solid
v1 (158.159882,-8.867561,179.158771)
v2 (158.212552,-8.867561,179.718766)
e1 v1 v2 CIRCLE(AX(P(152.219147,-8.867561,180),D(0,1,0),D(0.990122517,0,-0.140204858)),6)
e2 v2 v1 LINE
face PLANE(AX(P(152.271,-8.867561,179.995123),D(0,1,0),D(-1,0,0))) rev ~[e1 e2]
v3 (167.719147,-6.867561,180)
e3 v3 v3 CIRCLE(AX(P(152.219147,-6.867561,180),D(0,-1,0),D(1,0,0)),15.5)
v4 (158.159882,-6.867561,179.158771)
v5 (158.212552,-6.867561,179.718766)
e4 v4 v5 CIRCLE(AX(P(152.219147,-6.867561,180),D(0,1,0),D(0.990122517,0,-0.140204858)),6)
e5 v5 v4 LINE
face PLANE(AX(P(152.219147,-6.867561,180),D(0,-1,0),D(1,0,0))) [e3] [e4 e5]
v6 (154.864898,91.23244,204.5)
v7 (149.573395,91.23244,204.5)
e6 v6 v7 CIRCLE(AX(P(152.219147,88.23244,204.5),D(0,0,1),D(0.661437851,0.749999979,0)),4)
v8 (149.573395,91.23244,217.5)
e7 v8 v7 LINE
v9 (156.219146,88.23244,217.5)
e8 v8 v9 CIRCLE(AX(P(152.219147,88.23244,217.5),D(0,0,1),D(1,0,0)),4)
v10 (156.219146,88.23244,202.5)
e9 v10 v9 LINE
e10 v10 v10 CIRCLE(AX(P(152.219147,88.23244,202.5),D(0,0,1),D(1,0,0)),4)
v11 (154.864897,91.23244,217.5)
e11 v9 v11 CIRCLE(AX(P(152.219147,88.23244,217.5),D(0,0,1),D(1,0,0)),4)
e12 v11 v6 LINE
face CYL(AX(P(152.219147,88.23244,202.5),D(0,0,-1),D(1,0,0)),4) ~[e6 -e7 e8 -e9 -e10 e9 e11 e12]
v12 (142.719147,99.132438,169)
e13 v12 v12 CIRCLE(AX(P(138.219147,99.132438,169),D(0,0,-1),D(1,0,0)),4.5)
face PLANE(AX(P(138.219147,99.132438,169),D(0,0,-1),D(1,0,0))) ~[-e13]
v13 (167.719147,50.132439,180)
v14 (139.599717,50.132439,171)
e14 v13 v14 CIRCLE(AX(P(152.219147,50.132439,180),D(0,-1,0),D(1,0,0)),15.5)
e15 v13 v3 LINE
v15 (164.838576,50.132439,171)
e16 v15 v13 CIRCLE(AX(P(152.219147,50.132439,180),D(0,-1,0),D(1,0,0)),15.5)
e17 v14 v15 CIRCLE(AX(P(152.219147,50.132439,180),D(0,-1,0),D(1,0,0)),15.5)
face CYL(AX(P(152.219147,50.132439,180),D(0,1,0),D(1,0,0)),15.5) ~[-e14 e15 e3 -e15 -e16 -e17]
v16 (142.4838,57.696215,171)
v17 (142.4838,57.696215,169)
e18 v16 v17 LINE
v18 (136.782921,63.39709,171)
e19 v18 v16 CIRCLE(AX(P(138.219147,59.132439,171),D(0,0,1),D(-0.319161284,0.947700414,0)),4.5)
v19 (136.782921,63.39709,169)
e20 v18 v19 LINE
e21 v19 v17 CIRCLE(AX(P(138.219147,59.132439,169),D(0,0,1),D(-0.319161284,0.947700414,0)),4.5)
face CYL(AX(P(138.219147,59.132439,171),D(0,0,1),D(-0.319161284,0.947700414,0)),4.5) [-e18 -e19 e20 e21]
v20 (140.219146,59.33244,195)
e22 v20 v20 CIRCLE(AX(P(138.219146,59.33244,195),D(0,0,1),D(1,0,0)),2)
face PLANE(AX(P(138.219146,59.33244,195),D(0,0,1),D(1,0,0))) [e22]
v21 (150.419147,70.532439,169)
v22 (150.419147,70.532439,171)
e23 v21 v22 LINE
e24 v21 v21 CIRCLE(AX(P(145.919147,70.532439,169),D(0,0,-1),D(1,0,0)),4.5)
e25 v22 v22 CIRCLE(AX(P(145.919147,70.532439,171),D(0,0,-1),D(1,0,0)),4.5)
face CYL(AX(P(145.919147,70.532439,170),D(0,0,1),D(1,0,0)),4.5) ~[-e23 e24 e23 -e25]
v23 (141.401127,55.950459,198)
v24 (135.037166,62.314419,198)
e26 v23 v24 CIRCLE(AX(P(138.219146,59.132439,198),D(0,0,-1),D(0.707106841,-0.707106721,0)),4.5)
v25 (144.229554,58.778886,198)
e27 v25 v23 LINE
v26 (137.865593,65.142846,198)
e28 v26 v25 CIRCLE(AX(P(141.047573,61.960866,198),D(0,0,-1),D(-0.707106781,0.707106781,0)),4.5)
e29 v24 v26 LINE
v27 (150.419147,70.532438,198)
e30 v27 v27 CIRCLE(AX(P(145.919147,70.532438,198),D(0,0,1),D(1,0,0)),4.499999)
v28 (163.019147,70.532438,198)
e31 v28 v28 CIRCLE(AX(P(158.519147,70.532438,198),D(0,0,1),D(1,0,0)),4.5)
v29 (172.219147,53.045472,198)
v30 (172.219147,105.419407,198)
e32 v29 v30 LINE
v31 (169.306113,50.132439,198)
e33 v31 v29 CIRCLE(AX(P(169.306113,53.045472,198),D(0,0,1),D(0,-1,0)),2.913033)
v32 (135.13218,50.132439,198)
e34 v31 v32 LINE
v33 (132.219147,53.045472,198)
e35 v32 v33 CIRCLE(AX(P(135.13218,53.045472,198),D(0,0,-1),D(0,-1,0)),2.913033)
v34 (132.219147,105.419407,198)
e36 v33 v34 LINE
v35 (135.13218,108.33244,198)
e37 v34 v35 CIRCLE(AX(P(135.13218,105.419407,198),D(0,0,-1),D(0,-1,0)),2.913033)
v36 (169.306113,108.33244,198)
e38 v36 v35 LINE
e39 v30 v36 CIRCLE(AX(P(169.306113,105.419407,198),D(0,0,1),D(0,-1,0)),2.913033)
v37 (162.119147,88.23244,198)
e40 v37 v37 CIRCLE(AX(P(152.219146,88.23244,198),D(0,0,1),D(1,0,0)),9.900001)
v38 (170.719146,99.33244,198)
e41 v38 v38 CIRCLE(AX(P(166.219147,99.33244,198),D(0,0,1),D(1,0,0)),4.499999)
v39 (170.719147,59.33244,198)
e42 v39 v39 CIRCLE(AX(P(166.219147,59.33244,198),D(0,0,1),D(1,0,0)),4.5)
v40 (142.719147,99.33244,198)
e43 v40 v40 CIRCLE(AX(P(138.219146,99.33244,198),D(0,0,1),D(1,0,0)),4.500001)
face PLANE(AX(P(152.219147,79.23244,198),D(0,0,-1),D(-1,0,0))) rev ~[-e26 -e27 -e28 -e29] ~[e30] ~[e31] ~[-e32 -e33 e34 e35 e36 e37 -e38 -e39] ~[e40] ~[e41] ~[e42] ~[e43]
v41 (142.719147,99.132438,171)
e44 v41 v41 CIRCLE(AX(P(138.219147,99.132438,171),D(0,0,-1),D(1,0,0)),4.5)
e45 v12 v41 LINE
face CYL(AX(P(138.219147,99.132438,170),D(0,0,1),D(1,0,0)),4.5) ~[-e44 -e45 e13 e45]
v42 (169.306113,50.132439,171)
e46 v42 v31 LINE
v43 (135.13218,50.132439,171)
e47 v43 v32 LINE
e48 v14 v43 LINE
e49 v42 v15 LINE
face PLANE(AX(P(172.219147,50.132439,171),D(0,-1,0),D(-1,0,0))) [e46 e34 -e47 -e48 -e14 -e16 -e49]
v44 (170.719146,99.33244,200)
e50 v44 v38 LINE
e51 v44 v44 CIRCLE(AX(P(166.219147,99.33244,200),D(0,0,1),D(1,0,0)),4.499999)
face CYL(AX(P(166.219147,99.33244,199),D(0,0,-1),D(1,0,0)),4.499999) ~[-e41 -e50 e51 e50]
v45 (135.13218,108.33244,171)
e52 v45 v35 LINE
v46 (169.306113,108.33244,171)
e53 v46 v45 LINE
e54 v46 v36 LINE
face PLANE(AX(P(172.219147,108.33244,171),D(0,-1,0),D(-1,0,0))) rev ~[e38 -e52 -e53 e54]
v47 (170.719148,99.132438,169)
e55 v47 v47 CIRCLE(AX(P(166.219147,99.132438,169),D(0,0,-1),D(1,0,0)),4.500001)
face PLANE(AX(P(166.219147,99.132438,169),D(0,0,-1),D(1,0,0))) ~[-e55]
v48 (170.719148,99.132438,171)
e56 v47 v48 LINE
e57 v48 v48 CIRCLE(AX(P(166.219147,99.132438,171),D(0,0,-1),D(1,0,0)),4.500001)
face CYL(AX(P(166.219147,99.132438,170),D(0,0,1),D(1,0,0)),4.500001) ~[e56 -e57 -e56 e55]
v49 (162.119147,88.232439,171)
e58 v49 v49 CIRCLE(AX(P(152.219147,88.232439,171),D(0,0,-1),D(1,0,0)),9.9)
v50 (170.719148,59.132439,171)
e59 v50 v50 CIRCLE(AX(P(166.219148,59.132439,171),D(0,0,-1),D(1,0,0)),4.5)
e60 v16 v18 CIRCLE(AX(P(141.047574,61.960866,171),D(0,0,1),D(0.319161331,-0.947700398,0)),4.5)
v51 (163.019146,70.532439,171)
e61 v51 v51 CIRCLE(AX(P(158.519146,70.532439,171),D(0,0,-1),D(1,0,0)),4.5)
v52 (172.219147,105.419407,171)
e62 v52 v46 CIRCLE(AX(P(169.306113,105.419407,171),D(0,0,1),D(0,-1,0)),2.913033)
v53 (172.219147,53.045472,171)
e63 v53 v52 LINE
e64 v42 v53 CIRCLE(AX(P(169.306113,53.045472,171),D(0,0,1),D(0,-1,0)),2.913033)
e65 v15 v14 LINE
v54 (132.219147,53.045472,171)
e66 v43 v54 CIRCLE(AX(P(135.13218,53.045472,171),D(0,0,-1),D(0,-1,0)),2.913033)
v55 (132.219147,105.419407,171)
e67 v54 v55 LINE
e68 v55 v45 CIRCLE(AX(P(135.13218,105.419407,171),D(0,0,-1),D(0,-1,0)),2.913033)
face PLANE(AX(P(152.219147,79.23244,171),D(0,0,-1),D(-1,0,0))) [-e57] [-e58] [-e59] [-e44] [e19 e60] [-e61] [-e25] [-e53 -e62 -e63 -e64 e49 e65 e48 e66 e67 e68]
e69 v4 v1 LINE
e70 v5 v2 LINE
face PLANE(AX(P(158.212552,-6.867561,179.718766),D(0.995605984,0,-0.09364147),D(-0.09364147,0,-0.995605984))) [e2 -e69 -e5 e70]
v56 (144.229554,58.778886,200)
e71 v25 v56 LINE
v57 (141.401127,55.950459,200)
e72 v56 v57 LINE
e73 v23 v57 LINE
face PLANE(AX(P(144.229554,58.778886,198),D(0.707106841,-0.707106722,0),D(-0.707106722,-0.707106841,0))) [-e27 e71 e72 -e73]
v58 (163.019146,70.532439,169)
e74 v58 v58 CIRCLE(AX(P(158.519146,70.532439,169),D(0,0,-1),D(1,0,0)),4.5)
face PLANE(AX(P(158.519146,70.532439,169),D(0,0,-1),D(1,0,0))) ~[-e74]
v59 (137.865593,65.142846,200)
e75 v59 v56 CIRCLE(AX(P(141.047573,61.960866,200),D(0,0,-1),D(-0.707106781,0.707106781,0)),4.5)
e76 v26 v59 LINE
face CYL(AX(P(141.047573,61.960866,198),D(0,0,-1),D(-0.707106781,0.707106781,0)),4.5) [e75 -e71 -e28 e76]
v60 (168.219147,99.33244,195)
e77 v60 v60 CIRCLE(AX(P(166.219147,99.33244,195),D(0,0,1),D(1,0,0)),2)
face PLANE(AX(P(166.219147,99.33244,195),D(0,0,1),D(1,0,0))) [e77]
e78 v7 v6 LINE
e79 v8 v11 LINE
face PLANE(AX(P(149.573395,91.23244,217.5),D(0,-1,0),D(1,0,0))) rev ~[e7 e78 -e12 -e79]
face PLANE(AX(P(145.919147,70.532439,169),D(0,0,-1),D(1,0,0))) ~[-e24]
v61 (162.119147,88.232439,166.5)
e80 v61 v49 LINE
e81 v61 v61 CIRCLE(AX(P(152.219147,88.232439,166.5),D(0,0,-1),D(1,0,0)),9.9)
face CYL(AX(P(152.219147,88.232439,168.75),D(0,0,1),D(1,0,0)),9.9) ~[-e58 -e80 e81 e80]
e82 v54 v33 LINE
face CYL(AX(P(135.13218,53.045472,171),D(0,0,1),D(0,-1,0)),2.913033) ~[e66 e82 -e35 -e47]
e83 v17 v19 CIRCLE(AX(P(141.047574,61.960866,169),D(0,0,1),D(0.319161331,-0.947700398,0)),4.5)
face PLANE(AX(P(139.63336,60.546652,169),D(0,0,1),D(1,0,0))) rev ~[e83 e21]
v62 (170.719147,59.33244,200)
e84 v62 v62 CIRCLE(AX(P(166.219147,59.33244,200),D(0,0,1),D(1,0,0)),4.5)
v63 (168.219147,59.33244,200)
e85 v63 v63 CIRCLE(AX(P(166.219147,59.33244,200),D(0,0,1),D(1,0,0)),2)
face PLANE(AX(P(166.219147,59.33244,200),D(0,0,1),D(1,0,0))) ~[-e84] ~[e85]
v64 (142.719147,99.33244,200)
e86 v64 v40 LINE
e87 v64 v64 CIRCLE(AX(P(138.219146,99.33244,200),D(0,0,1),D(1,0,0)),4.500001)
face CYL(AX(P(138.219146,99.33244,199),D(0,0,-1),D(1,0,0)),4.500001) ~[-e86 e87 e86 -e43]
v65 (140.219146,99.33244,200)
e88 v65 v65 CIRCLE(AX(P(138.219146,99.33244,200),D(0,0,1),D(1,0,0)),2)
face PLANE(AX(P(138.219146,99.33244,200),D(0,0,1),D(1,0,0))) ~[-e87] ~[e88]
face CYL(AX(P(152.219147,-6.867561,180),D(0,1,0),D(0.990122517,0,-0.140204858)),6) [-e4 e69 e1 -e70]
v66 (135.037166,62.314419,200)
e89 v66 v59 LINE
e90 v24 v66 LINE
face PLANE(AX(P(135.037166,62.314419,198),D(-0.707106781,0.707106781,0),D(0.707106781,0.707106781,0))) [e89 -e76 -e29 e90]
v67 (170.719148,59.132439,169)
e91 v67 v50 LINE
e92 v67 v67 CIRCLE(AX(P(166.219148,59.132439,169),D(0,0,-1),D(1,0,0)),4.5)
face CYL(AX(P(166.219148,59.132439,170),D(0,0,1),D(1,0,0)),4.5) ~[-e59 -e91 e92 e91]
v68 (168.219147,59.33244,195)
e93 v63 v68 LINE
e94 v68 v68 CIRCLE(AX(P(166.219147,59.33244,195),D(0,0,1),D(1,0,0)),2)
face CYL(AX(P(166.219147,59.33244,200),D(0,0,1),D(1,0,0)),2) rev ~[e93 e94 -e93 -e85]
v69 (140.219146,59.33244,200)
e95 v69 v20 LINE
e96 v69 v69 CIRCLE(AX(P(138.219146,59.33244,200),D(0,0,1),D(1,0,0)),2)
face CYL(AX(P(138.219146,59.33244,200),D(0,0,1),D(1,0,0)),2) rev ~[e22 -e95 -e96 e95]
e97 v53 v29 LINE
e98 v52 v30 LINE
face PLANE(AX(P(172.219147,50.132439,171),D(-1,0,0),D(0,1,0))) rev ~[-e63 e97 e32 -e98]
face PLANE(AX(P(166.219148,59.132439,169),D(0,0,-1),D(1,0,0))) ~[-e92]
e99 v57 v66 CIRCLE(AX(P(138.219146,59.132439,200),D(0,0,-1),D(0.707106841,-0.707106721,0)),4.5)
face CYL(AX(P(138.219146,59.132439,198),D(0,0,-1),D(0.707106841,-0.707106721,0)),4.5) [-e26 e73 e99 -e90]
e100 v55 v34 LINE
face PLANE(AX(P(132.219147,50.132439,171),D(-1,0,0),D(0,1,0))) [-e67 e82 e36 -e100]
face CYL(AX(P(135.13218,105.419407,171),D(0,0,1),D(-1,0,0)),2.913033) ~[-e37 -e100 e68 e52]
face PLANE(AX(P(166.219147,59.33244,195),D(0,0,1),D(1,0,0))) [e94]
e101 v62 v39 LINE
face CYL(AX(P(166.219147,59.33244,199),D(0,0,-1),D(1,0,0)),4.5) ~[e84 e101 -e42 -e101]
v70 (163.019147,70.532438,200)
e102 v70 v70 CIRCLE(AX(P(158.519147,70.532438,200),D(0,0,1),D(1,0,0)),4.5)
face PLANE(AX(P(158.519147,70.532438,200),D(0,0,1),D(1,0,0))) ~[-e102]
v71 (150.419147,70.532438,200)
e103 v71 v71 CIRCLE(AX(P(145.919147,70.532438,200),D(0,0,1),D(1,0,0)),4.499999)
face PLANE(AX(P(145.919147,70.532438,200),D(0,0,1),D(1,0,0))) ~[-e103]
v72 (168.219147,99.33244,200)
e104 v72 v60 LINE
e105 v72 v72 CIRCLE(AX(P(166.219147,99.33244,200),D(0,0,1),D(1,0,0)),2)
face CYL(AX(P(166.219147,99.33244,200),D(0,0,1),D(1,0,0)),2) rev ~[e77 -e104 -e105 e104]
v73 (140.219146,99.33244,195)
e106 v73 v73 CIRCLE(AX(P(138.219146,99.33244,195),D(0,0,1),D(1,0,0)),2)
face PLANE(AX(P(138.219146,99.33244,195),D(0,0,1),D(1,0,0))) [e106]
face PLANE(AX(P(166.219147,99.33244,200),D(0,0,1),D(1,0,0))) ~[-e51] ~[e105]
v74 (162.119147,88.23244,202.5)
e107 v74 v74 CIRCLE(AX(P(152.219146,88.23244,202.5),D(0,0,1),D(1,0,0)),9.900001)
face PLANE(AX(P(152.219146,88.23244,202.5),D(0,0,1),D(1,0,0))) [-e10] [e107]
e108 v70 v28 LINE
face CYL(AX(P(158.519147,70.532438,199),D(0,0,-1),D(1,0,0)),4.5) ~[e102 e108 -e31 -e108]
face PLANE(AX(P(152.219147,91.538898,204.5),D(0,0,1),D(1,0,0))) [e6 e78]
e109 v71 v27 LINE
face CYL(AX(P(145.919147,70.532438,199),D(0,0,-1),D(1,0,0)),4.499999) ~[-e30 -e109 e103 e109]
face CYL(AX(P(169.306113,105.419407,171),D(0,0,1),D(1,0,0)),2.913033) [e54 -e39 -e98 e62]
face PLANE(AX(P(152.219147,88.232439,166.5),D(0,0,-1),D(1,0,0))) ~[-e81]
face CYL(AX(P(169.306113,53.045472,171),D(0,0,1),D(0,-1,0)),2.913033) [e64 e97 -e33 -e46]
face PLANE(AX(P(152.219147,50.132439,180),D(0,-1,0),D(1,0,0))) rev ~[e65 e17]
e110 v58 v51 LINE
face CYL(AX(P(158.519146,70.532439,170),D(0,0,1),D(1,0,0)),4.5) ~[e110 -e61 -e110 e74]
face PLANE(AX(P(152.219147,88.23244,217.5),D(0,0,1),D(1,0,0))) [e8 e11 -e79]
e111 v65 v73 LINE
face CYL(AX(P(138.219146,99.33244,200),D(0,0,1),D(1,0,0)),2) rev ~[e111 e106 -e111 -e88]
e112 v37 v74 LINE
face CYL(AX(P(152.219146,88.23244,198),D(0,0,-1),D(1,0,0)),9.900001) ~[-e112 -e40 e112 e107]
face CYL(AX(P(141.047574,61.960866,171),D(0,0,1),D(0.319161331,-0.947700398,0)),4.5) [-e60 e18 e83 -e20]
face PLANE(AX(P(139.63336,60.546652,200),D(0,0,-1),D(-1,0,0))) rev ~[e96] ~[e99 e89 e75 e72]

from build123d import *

# Parameters (mm, degrees)
SKETCH1_W           = 40
SKETCH1_H           = 58.200000762
BOSS_EXTRUDE1_DEPTH = 27
SKETCH2_R           = 15.499999921
BOSS_EXTRUDE2_DEPTH = 57
SKETCH3_R           = 9.900000829
BOSS_EXTRUDE3_DEPTH = 4.5
SKETCH4_R           = 3.999999654
BOSS_EXTRUDE4_DEPTH = 15
CUT_EXTRUDE1_DEPTH  = 13
BOSS_EXTRUDE5_DEPTH = 2
BOSS_EXTRUDE6_DEPTH = 2
BOSS_EXTRUDE7_DEPTH = 2
SKETCH9_W           = 4.500000339
SKETCH9_H           = 2
SKETCH10_W          = 4.500000226
SKETCH10_H          = 2
SKETCH11_W          = 4.499999816
SKETCH11_H          = 2
SKETCH12_W          = 4.500000657
SKETCH12_H          = 2
SKETCH13_W          = 4.49999985
SKETCH13_H          = 2
SKETCH14_W          = 9.899999781
SKETCH14_H          = 4.5
SKETCH15_W          = 4.500000004
SKETCH15_H          = 2
SKETCH16_W          = 4.49999905
SKETCH16_H          = 2
SKETCH17_W          = 4.499999637
SKETCH17_H          = 2
SKETCH18_W          = 4.500001132
SKETCH18_H          = 2
SKETCH19_W          = 4.499999489
SKETCH19_H          = 2
FILLET1_R           = 2.913033302
SKETCH20_R          = 2
CUT_EXTRUDE2_DEPTH  = 5


with BuildPart() as part:
    # Sketch1 → Boss-Extrude1 (new body)
    with BuildSketch(Plane(origin=(0, 0, 171), x_dir=(-1, 0, 0), z_dir=(0, 0, -1))):
        with Locations((-152.219146729, 79.232439518)):
            Rectangle(SKETCH1_W, SKETCH1_H)
    extrude(amount=-BOSS_EXTRUDE1_DEPTH)

    # Sketch2 → Boss-Extrude2 (add)
    with BuildSketch(Plane.XZ.offset(-50.132439137)):
        with Locations((152.219146662, 180.000000025)):
            Circle(SKETCH2_R)
    extrude(amount=BOSS_EXTRUDE2_DEPTH)

    # Sketch3 → Boss-Extrude3 (add)
    with BuildSketch(Plane.XY.offset(198)):
        with Locations((152.21914569, 88.232439899)):
            Circle(SKETCH3_R)
    extrude(amount=BOSS_EXTRUDE3_DEPTH)

    # Sketch4 → Boss-Extrude4 (add)
    with BuildSketch(Plane.XY.offset(202.5)):
        with Locations((152.219146674, 88.232439899)):
            Circle(SKETCH4_R)
    extrude(amount=BOSS_EXTRUDE4_DEPTH)

    # Sketch5 → Cut-Extrude1 (cut)
    with BuildSketch(Plane.XY.offset(217.5)):
        with BuildLine():
            Line((149.573395252, 91.232439899), (154.864898205, 91.232439899))
            ThreePointArc((154.864898205, 91.232439899), (152.219146729, 92.232440009), (149.573395252, 91.232439899))
        make_face()
    extrude(amount=-CUT_EXTRUDE1_DEPTH, mode=Mode.SUBTRACT)

    # Sketch6 → Boss-Extrude5 (add)
    with BuildSketch(Plane.XY.offset(198)):
        with BuildLine():
            Line((135.03716583, 62.314419458), (137.865592743, 65.142846371))
            ThreePointArc((137.865592743, 65.142846371), (144.229553368, 65.142846505), (144.22955377, 58.778885881))
            Line((144.22955377, 58.778885881), (141.401127095, 55.95045873))
            ThreePointArc((141.401127095, 55.95045873), (135.037165964, 55.950458327), (135.03716583, 62.314419458))
        make_face()
    extrude(amount=BOSS_EXTRUDE5_DEPTH)

    # Sketch7 → Boss-Extrude6 (add)
    with BuildSketch(Plane(origin=(0, 0, 171), x_dir=(-1, 0, 0), z_dir=(0, 0, -1))):
        with BuildLine():
            ThreePointArc((-142.483799553, 57.696214596), (-144.229553379, 65.142847459), (-136.782921252, 63.397090493))
            ThreePointArc((-136.782921252, 63.397090493), (-135.037167167, 55.950457372), (-142.483799553, 57.696214596))
        make_face()
    extrude(amount=BOSS_EXTRUDE6_DEPTH)

    # Sketch8 → Boss-Extrude7 (add)
    with BuildSketch(Plane.XZ.offset(6.867560863)):
        with BuildLine():
            Line((158.212552085, 179.71876642), (158.159881829, 179.158770706))
            ThreePointArc((158.159881829, 179.158770706), (146.245510806, 180.561848666), (158.212552085, 179.71876642))
        make_face()
    extrude(amount=BOSS_EXTRUDE7_DEPTH)

    # Sketch9 → Revolve1 (revolve)
    with BuildSketch(Plane.XZ.offset(-59.132439085)):
        with Locations((168.469147961, 170)):
            Rectangle(SKETCH9_W, SKETCH9_H)
    revolve(axis=Axis((166.219147791, 59.132439085, 171), (0, 0, -1)))

    # Sketch10 → Revolve2 (revolve)
    with BuildSketch(Plane.XZ.offset(-99.132437815)):
        with Locations((140.469147187, 170)):
            Rectangle(SKETCH10_W, SKETCH10_H)
    revolve(axis=Axis((138.219147074, 99.132437815, 171), (0, 0, -1)))

    # Sketch11 → Revolve3 (revolve)
    with BuildSketch(Plane.XZ.offset(-70.532439222)):
        with Locations((160.769146188, 170)):
            Rectangle(SKETCH11_W, SKETCH11_H)
    revolve(axis=Axis((158.51914628, 70.532439222, 171), (0, 0, -1)))

    # Sketch12 → Revolve4 (revolve)
    with BuildSketch(Plane.XZ.offset(-99.132437815)):
        with Locations((168.46914727, 170)):
            Rectangle(SKETCH12_W, SKETCH12_H)
    revolve(axis=Axis((166.219146941, 99.132437815, 171), (0, 0, -1)))

    # Sketch13 → Revolve5 (revolve)
    with BuildSketch(Plane.XZ.offset(-70.532439222)):
        with Locations((148.16914686, 170)):
            Rectangle(SKETCH13_W, SKETCH13_H)
    revolve(axis=Axis((145.919146935, 70.532439222, 171), (0, 0, -1)))

    # Sketch14 → Revolve6 (revolve)
    with BuildSketch(Plane.XZ.offset(-88.232439085)):
        with Locations((157.169146737, 168.75)):
            Rectangle(SKETCH14_W, SKETCH14_H)
    revolve(axis=Axis((152.219146846, 88.232439085, 171), (0, 0, -1)))

    # Sketch15 → Revolve7 (revolve)
    with BuildSketch(Plane(origin=(0, 59.332439899, 0), x_dir=(1, 0, 0), z_dir=(0, 1, 0))):
        with Locations((168.469147213, -199)):
            Rectangle(SKETCH15_W, SKETCH15_H)
    revolve(axis=Axis((166.219147211, 59.332439899, 198), (0, 0, 1)))

    # Sketch16 → Revolve8 (revolve)
    with BuildSketch(Plane(origin=(0, 99.332439899, 0), x_dir=(1, 0, 0), z_dir=(0, 1, 0))):
        with Locations((168.469146681, -199)):
            Rectangle(SKETCH16_W, SKETCH16_H)
    revolve(axis=Axis((166.219147156, 99.332439899, 198), (0, 0, 1)))

    # Sketch17 → Revolve9 (revolve)
    with BuildSketch(Plane(origin=(0, 70.532438002, 0), x_dir=(1, 0, 0), z_dir=(0, 1, 0))):
        with Locations((160.769147041, -199)):
            Rectangle(SKETCH17_W, SKETCH17_H)
    revolve(axis=Axis((158.519147223, 70.532438002, 198), (0, 0, 1)))

    # Sketch18 → Revolve10 (revolve)
    with BuildSketch(Plane(origin=(0, 99.332439899, 0), x_dir=(1, 0, 0), z_dir=(0, 1, 0))):
        with Locations((140.469146163, -199)):
            Rectangle(SKETCH18_W, SKETCH18_H)
    revolve(axis=Axis((138.219145597, 99.332439899, 198), (0, 0, 1)))

    # Sketch19 → Revolve11 (revolve)
    with BuildSketch(Plane(origin=(0, 70.532438002, 0), x_dir=(1, 0, 0), z_dir=(0, 1, 0))):
        with Locations((148.169147032, -199)):
            Rectangle(SKETCH19_W, SKETCH19_H)
    revolve(axis=Axis((145.919147287, 70.532438002, 198), (0, 0, 1)))

    # Fillet1
    fillet1_edges = [part.edges().sort_by_distance(p)[0] for p in [
        (132.219146729, 108.332439899, 184.5),
        (132.219146729, 50.132439137, 184.5),
        (172.219146729, 50.132439137, 184.5),
        (172.219146729, 108.332439899, 184.5),
    ]]
    fillet(fillet1_edges, radius=FILLET1_R)

    # Sketch20 → Cut-Extrude2 (cut)
    with BuildSketch(Plane.XY.offset(200)):
        with Locations((138.219145597, 99.332439899)):
            Circle(SKETCH20_R)
        with Locations((166.219147211, 99.332439899)):
            Circle(SKETCH20_R)
        with Locations((138.219145597, 59.332439899)):
            Circle(SKETCH20_R)
        with Locations((166.219147211, 59.332439899)):
            Circle(SKETCH20_R)
    extrude(amount=-CUT_EXTRUDE2_DEPTH, mode=Mode.SUBTRACT)


solid = part.part
